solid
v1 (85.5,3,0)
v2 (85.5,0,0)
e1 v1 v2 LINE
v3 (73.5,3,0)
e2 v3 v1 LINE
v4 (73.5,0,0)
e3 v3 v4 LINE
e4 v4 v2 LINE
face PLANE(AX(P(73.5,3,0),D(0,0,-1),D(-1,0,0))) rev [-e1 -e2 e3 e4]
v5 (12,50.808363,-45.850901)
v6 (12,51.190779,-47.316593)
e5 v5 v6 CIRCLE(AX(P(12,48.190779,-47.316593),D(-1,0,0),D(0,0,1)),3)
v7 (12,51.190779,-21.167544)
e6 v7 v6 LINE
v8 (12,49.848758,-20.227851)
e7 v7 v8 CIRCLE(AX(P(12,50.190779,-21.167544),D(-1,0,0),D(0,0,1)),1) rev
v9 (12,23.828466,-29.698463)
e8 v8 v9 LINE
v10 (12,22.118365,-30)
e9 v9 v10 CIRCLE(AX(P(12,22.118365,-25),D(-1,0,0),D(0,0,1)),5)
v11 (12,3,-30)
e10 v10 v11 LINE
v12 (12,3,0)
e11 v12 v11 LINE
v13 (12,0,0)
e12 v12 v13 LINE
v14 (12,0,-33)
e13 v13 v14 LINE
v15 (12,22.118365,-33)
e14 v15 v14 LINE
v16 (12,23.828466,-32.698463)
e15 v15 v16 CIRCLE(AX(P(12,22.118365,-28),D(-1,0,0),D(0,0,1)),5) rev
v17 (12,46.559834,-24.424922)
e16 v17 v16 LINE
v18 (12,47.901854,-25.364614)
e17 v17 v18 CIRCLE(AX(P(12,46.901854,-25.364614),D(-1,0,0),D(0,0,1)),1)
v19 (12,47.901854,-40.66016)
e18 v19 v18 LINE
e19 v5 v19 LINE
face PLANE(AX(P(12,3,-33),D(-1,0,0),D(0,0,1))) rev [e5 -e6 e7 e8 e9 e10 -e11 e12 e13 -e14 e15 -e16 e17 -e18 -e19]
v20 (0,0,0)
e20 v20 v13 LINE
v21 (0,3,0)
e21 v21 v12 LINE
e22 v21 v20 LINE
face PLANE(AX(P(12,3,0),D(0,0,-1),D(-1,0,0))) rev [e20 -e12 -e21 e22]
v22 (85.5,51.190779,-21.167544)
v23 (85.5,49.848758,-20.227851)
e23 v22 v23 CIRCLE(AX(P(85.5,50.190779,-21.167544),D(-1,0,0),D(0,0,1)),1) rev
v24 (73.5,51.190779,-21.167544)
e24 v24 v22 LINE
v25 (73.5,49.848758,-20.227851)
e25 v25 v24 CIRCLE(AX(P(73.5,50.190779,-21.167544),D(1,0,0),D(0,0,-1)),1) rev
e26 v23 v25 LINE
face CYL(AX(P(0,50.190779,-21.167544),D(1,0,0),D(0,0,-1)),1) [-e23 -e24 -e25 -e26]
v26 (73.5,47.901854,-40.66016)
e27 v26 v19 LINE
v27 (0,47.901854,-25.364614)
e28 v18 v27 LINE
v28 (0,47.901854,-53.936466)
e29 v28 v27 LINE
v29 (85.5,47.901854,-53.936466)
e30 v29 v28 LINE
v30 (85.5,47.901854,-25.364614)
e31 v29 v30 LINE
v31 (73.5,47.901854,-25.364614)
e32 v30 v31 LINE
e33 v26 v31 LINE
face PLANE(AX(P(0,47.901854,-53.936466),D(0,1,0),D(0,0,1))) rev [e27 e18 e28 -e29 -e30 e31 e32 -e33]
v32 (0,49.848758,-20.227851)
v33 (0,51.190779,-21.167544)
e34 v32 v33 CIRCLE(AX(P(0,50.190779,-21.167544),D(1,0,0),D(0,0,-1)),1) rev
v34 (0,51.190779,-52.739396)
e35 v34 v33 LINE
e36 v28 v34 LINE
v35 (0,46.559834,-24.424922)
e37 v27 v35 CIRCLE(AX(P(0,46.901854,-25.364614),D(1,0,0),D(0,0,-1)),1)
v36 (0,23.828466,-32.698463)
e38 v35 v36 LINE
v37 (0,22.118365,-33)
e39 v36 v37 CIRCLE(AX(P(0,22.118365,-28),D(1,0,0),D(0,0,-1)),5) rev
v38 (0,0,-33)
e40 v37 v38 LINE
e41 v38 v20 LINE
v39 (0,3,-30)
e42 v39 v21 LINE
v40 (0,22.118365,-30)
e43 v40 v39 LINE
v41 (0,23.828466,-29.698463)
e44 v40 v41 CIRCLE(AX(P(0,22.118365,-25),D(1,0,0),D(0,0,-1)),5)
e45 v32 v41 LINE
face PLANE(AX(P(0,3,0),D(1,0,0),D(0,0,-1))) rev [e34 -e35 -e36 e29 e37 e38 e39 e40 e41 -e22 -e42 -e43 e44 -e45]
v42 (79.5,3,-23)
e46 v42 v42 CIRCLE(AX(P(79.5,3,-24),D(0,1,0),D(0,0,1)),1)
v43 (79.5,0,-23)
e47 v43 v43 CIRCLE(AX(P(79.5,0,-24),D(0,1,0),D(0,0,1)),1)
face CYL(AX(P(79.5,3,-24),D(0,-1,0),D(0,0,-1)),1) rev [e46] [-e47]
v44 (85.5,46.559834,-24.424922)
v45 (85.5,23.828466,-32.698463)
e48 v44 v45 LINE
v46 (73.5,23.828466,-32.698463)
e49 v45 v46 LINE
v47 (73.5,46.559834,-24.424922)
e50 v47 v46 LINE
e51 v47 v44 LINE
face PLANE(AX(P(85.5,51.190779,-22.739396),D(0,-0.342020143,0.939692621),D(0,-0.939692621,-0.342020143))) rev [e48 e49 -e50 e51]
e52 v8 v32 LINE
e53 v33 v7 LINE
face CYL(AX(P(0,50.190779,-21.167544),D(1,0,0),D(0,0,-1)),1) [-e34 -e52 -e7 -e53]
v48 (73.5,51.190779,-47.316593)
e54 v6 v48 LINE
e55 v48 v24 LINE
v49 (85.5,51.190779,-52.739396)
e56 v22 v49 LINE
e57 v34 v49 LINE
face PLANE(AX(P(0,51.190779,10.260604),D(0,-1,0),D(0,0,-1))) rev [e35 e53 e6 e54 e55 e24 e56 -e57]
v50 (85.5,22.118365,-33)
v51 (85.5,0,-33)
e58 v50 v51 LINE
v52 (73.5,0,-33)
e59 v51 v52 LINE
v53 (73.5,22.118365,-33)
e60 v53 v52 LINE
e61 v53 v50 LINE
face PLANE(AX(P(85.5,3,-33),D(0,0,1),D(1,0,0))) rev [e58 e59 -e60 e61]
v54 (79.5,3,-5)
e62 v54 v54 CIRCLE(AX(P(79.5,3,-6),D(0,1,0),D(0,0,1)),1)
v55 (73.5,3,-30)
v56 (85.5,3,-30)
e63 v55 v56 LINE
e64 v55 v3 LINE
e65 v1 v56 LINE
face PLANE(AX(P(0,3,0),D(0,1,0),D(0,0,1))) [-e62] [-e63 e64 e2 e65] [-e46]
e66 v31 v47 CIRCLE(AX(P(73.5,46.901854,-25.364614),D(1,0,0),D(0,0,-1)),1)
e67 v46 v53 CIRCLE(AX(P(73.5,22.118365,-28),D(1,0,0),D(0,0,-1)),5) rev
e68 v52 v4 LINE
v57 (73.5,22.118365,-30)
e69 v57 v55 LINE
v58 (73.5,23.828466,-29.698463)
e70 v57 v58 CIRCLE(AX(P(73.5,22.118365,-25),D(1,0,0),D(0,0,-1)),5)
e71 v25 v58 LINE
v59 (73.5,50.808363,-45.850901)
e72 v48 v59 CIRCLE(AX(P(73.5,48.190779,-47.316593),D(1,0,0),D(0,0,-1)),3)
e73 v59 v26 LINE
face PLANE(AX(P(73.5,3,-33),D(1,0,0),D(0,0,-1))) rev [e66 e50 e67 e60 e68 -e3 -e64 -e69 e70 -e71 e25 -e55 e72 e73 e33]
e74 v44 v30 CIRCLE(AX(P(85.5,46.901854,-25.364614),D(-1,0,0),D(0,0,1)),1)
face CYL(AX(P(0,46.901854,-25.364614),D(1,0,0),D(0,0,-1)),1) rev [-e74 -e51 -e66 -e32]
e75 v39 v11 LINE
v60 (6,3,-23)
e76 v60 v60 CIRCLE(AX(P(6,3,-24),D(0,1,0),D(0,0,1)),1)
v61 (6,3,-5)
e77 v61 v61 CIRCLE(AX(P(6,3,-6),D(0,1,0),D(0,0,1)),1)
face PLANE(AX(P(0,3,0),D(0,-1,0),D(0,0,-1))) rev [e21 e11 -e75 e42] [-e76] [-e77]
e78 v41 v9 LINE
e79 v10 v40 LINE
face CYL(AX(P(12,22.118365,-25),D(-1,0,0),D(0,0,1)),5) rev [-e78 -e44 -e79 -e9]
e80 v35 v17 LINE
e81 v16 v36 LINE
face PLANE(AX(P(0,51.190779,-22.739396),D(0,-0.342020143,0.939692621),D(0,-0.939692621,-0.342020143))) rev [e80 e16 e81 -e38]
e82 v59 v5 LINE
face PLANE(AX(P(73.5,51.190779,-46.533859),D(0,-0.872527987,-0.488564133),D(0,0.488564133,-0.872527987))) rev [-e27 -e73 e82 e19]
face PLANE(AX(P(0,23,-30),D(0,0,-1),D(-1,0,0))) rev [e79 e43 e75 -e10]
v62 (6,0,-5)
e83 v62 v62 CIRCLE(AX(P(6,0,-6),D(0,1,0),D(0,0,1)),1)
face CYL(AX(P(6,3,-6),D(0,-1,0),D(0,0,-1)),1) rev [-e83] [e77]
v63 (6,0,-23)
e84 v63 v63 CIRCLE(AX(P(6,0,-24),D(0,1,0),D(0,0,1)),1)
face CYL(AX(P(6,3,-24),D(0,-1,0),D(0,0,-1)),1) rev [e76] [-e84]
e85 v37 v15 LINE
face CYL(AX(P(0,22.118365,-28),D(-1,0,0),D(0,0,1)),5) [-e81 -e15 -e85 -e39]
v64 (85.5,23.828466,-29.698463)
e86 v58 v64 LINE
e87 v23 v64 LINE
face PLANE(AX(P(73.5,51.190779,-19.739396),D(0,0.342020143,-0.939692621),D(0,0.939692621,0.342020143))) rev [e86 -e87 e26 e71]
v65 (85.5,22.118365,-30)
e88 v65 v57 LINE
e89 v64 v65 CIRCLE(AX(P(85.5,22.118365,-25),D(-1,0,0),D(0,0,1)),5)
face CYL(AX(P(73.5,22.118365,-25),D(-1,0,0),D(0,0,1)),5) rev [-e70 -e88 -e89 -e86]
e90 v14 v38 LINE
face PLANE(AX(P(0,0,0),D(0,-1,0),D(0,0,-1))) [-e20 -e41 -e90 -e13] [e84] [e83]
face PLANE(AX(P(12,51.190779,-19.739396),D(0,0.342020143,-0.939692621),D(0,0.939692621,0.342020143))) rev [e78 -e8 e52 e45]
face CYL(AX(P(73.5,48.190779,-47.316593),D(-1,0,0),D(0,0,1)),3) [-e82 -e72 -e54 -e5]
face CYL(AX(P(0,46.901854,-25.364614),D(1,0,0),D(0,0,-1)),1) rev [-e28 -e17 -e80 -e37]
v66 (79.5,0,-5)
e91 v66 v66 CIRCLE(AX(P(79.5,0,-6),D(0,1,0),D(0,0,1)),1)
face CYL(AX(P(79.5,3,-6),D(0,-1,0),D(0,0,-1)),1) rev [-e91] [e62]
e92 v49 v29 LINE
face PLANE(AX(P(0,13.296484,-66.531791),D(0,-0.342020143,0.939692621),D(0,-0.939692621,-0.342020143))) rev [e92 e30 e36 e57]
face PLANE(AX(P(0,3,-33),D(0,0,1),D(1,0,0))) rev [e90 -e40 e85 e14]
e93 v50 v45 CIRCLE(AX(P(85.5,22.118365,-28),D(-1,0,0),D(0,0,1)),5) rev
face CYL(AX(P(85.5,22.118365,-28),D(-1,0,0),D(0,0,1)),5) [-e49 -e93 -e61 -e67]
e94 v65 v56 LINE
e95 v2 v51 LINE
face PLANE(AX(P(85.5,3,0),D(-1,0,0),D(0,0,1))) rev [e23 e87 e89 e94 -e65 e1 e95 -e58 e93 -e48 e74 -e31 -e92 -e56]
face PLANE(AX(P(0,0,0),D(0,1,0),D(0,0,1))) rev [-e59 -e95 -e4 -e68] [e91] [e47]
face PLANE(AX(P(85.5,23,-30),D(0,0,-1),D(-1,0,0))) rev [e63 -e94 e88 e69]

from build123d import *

# Parameters (mm, degrees)
SKETCH1_W             = 12
SKETCH1_H             = 33
SKETCH1_R             = 1
BOSS_EXTRUDE1_DEPTH   = 3
BOSS_EXTRUDE1_2_DEPTH = 3
SKETCH2_W             = 12
SKETCH2_H             = 3
BOSS_EXTRUDE2_DEPTH   = 20
SKETCH3_W             = 12
SKETCH3_H             = 3
BOSS_EXTRUDE3_DEPTH   = 30
SKETCH5_W             = 12
SKETCH5_H             = 3.5
BOSS_EXTRUDE4_DEPTH   = 30
BOSS_EXTRUDE5_DEPTH   = 61.5
FILLET2_R             = 1
FILLET3_R             = 3
FILLET4_R             = 5
FILLET5_R             = 5
FILLET6_R             = 1


with BuildPart() as part:
    # Sketch1 → Boss-Extrude1 (new body)
    with BuildSketch(Plane(origin=(0, 0, 0), x_dir=(1, 0, 0), z_dir=(0, 1, 0))):
        with Locations((6, 16.5)):
            Rectangle(SKETCH1_W, SKETCH1_H)
        with Locations((6, 24)):
            Circle(SKETCH1_R, mode=Mode.SUBTRACT)
        with Locations((6, 6)):
            Circle(SKETCH1_R, mode=Mode.SUBTRACT)
    extrude(amount=BOSS_EXTRUDE1_DEPTH)



with BuildPart() as body_2:
    # Sketch1 → Boss-Extrude1 2 (new body)
    with BuildSketch(Plane(origin=(0, 0, 0), x_dir=(1, 0, 0), z_dir=(0, 1, 0))):
        with Locations((79.5, 16.5)):
            Rectangle(SKETCH1_W, SKETCH1_H)
        with Locations((79.5, 24)):
            Circle(SKETCH1_R, mode=Mode.SUBTRACT)
        with Locations((79.5, 6)):
            Circle(SKETCH1_R, mode=Mode.SUBTRACT)
    extrude(amount=BOSS_EXTRUDE1_2_DEPTH)


with BuildPart() as part_1:
    add(part.part)

    add(body_2.part)  # Boss-Extrude2 merges body 2
    # Sketch2 → Boss-Extrude2 (add)
    with BuildSketch(Plane(origin=(0, 3, 0), x_dir=(1, 0, 0), z_dir=(0, 1, 0))):
        with Locations((6, 31.5)):
            Rectangle(SKETCH2_W, SKETCH2_H)
        with Locations((79.5, 31.5)):
            Rectangle(SKETCH2_W, SKETCH2_H)
    extrude(amount=BOSS_EXTRUDE2_DEPTH)

    # Sketch3 → Boss-Extrude3 (add, along a direction that is not the sketch's normal)
    with BuildSketch(Plane(origin=(0, 23, 0), x_dir=(1, 0, 0), z_dir=(0, 1, 0))):
        with Locations((79.5, 31.5)):
            Rectangle(SKETCH3_W, SKETCH3_H)
        with Locations((6, 31.5)):
            Rectangle(SKETCH3_W, SKETCH3_H)
    extrude(amount=BOSS_EXTRUDE3_DEPTH, dir=(0, 0.939692621, 0.342020143))

    # Sketch5 → Boss-Extrude4 (add, along a direction that is not the sketch's normal)
    with BuildSketch(Plane(origin=(0, 13.296484464, -36.531790823), x_dir=(-1, 0, 0), z_dir=(0, 0.342020143, -0.939692621))):
        with Locations((-79.5, 38.576265548)):
            Rectangle(SKETCH5_W, SKETCH5_H)
        with Locations((-6, 38.576265548)):
            Rectangle(SKETCH5_W, SKETCH5_H)
    extrude(amount=BOSS_EXTRUDE4_DEPTH, dir=(0, 0, -1))

    # Sketch6 → Boss-Extrude5 (add)
    with BuildSketch(Plane(origin=(12, 0, 0), x_dir=(0, 0, -1), z_dir=(1, 0, 0))):
        Polygon((53.936466202, 47.901854451), (52.7393957, 51.190778624), (46.533858727, 51.190778624), (40.660160277, 47.901854451), align=None)
    extrude(amount=BOSS_EXTRUDE5_DEPTH)

    # Fillet2
    fillet2_edges = [part_1.edges().sort_by_distance(p)[0] for p in [
        (6, 51.190778624, -19.7393957),
        (79.5, 51.190778624, -19.7393957),
    ]]
    fillet(fillet2_edges, radius=FILLET2_R)

    # Fillet3
    fillet3_edges = [part_1.edges().sort_by_distance(p)[0] for p in [
        (42.75, 51.190778624, -46.533858727),
    ]]
    fillet(fillet3_edges, radius=FILLET3_R)

    # Fillet4
    fillet4_edges = [part_1.edges().sort_by_distance(p)[0] for p in [
        (6, 23, -33),
        (79.5, 23, -33),
    ]]
    fillet(fillet4_edges, radius=FILLET4_R)

    # Fillet5
    fillet5_edges = [part_1.edges().sort_by_distance(p)[0] for p in [
        (6, 23, -30),
        (79.5, 23, -30),
    ]]
    fillet(fillet5_edges, radius=FILLET5_R)

    # Fillet6
    fillet6_edges = [part_1.edges().sort_by_distance(p)[0] for p in [
        (6, 47.901854451, -23.936466202),
        (79.5, 47.901854451, -23.936466202),
    ]]
    fillet(fillet6_edges, radius=FILLET6_R)


solid = part_1.part
